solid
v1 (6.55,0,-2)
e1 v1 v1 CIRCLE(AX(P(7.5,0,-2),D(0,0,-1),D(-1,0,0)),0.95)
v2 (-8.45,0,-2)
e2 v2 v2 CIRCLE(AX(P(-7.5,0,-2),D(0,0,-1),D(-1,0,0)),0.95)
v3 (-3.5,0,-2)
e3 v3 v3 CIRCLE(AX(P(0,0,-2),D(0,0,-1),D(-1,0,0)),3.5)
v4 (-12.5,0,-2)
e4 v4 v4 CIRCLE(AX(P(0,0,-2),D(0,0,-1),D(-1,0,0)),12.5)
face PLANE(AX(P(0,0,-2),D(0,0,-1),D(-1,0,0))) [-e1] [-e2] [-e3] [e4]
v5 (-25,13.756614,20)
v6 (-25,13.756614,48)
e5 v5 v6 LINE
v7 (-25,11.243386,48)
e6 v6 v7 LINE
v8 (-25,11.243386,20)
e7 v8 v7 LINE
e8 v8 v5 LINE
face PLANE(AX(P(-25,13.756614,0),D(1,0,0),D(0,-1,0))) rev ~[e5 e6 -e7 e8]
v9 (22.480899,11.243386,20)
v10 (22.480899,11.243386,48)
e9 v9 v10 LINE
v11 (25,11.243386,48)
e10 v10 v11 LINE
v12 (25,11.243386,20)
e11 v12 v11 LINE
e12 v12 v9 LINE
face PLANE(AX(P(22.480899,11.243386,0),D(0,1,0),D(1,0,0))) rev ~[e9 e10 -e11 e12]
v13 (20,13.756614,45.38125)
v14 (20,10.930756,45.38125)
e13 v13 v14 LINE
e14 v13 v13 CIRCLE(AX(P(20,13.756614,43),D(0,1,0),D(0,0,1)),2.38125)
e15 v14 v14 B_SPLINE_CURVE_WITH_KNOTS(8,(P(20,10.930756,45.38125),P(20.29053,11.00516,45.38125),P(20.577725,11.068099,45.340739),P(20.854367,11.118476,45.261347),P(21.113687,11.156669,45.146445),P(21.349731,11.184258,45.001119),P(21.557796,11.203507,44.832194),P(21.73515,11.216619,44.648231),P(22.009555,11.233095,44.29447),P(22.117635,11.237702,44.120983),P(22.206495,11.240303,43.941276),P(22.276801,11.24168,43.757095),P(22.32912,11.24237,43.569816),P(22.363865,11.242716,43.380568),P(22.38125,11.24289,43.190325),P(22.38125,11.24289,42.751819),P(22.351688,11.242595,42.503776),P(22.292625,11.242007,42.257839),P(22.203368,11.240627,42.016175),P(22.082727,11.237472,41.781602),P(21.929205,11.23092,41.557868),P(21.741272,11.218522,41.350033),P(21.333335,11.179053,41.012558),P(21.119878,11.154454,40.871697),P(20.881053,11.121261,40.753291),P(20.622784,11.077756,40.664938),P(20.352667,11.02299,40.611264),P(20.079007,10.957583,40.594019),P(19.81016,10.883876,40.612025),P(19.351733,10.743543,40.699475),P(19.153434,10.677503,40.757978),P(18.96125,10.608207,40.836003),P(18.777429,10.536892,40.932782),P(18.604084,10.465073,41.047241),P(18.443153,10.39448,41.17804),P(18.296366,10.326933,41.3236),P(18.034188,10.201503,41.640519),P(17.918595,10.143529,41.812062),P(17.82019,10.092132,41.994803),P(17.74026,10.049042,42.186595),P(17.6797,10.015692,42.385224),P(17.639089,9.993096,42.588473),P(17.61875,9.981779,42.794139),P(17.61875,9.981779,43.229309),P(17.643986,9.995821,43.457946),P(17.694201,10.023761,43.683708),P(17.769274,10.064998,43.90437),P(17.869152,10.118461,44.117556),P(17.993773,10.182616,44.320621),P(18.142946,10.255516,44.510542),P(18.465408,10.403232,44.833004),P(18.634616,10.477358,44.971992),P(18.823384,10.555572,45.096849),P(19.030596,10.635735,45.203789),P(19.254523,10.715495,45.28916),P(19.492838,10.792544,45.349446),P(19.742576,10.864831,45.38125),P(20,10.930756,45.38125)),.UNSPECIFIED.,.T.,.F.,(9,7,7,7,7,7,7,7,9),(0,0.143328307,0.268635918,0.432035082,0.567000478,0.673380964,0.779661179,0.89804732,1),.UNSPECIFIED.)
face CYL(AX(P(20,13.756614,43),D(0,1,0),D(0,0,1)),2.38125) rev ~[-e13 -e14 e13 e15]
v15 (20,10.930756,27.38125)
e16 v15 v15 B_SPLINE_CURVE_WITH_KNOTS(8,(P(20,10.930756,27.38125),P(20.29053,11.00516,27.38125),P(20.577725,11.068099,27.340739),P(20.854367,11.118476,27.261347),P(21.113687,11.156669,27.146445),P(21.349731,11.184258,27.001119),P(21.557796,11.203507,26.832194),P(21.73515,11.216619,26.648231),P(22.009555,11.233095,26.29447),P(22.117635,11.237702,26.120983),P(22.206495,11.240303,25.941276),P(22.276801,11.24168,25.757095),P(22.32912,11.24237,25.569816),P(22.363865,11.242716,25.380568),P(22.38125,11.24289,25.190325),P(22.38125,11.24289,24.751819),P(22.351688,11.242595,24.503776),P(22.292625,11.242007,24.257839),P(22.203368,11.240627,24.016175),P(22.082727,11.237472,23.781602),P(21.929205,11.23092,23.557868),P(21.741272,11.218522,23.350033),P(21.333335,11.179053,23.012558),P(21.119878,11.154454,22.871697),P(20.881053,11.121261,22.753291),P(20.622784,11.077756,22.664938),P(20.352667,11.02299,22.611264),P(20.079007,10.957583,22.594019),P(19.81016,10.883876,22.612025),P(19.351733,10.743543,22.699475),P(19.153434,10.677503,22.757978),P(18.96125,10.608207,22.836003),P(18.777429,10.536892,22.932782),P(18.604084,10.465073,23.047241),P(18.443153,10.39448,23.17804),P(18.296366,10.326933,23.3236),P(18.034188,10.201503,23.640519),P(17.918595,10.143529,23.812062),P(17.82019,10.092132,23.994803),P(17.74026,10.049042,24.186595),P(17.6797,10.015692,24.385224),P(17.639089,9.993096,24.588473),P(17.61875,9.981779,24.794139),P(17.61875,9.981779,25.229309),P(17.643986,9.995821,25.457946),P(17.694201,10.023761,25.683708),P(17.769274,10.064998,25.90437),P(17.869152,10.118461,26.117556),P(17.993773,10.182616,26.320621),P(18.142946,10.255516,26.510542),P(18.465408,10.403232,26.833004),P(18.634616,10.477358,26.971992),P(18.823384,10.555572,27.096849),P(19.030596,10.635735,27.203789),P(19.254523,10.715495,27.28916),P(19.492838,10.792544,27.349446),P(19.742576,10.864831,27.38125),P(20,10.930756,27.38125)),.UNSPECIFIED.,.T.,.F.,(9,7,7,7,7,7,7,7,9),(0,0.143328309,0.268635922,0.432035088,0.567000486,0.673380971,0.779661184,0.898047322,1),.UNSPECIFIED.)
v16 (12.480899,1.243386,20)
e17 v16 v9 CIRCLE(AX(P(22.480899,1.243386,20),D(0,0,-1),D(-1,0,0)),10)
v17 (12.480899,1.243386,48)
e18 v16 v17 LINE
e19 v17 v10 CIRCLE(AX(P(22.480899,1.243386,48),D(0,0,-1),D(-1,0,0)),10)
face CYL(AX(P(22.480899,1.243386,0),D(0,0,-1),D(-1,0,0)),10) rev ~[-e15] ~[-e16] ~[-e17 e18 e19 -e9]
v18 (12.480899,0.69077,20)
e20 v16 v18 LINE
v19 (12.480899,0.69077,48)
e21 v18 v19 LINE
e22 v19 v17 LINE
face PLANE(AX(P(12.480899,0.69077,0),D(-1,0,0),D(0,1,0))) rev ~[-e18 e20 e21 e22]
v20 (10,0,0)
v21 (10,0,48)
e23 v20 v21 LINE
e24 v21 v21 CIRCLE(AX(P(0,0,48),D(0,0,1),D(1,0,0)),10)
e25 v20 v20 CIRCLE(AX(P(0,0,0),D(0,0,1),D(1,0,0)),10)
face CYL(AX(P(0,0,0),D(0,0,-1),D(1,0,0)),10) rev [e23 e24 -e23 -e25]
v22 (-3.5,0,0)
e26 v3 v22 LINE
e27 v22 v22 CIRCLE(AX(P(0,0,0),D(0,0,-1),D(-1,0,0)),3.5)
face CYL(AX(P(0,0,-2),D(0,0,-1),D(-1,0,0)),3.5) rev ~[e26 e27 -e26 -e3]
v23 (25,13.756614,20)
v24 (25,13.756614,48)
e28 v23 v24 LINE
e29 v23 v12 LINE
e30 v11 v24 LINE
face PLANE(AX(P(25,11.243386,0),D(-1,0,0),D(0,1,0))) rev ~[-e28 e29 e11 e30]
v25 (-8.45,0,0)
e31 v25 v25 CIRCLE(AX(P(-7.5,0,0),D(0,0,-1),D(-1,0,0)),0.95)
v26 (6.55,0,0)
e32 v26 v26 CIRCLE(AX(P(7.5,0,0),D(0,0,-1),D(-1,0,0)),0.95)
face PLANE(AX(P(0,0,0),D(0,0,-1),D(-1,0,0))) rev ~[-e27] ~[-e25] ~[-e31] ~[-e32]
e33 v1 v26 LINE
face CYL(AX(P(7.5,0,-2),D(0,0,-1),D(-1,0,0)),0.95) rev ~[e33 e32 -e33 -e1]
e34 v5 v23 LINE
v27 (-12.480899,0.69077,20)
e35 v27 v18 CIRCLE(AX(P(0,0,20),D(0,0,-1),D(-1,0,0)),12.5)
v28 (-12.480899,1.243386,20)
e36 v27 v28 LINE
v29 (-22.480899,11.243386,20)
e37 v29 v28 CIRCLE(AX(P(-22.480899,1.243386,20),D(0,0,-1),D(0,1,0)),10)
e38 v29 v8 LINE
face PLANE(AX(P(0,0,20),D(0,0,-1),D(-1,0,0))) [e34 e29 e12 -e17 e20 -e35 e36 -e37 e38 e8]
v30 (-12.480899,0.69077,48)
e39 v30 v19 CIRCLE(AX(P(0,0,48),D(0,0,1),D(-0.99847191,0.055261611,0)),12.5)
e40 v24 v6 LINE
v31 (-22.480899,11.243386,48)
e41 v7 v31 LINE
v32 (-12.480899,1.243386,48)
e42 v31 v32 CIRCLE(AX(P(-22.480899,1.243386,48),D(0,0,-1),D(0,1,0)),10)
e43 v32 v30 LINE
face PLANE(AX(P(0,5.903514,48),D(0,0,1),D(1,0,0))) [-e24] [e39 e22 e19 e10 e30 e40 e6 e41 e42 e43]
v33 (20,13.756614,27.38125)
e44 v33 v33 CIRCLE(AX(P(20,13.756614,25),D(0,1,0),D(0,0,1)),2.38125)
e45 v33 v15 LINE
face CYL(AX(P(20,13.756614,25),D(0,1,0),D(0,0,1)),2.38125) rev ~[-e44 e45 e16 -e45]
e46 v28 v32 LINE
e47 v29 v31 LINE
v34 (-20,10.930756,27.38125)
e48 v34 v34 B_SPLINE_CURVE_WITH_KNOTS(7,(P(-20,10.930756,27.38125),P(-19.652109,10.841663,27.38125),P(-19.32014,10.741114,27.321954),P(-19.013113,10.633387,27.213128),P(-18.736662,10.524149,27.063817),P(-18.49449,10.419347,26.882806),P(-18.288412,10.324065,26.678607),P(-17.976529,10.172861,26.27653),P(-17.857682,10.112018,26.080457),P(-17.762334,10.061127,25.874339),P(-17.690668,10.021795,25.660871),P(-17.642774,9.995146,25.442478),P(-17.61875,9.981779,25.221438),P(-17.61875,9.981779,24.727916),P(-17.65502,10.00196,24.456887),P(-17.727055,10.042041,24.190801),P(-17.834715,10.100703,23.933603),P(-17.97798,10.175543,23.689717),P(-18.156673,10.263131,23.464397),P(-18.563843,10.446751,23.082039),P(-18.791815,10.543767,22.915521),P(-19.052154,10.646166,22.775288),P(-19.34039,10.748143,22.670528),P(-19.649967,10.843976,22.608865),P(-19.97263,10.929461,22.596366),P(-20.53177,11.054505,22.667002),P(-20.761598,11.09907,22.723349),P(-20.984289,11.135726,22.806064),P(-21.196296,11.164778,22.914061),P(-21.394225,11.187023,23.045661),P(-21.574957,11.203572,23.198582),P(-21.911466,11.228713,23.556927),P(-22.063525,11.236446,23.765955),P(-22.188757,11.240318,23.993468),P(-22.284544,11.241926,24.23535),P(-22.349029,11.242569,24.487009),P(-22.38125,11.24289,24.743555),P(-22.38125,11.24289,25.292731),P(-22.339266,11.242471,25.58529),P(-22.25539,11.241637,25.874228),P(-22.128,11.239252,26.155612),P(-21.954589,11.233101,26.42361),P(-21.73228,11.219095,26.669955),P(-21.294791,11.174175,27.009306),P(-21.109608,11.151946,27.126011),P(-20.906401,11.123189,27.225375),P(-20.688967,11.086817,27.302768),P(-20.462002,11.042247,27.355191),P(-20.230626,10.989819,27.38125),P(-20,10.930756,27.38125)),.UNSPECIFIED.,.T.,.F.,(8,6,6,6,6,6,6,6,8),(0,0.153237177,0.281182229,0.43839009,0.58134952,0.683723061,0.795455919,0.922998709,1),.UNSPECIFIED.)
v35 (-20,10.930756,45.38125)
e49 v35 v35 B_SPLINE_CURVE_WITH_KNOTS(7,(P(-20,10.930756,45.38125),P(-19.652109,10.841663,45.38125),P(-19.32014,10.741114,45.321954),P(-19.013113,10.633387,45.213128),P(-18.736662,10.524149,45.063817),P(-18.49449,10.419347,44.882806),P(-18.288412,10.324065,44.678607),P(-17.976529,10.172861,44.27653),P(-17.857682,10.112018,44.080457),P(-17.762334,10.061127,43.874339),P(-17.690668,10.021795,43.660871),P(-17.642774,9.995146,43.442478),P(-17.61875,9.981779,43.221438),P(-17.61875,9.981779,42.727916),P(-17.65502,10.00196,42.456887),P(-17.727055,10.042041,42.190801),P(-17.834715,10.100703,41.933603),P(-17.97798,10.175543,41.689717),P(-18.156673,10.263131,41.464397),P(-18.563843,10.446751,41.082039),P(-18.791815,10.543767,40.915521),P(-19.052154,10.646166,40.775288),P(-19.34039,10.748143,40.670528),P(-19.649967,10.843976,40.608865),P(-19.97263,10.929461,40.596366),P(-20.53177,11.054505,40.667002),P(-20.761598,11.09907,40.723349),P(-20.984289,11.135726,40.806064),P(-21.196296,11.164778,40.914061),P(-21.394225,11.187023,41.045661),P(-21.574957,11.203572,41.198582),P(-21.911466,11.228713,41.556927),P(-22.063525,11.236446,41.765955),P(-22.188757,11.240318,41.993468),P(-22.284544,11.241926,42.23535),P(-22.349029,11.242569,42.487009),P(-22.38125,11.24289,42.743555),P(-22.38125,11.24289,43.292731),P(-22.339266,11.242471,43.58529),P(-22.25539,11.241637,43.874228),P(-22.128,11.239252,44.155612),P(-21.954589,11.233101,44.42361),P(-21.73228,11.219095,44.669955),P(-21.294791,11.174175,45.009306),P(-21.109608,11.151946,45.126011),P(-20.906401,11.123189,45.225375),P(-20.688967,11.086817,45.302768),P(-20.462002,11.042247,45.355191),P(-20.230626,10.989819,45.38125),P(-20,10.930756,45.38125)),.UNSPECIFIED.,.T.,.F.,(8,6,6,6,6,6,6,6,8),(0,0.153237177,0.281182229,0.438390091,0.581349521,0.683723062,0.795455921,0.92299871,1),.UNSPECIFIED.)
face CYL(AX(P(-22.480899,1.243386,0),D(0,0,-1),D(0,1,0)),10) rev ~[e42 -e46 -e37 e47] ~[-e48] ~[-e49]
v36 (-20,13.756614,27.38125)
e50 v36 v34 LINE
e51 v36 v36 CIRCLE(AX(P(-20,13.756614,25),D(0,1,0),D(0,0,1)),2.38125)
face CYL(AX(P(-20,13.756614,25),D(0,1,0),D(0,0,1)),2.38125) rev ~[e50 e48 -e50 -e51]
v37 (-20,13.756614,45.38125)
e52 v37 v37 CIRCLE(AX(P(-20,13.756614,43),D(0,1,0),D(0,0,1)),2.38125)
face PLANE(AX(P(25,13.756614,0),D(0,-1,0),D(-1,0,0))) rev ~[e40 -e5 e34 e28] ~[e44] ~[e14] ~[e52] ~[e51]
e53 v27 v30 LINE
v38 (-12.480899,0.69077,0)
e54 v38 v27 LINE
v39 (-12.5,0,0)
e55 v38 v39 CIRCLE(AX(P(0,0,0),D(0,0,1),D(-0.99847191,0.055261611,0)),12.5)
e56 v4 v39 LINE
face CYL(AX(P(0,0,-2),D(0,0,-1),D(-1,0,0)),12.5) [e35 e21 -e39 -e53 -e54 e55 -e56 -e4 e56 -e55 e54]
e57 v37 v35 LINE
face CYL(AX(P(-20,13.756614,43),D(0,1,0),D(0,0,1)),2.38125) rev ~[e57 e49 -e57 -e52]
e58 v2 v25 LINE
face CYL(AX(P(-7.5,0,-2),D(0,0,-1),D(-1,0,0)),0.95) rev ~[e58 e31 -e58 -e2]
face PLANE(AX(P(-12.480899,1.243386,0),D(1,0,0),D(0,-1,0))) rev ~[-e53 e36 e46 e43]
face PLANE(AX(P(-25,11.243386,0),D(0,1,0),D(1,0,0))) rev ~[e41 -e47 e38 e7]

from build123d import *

# Parameters (mm, degrees)
SKETCH1_R           = 10
BOSS_EXTRUDE1_DEPTH = 48
BOSS_EXTRUDE3_START = 2
SKETCH3_R           = 12.5
SKETCH3_R_2         = 3.5
SKETCH3_R_3         = 0.95
BOSS_EXTRUDE3_DEPTH = 2
SKETCH4_R           = 2.38125
CUT_EXTRUDE1_DEPTH  = 61.153219082
SKETCH6_W           = 58.309477214
SKETCH6_H           = 41.572471276
SKETCH6_R           = 12.5
CUT_EXTRUDE4_DEPTH  = 22


with BuildPart() as part:
    # Sketch1 → Boss-Extrude1 (new body)
    with BuildSketch(Plane.XY):
        with BuildLine():
            Line((-25, 13.756613757), (-25, 11.243386243))
            Line((-25, 11.243386243), (-22.480898871, 11.243386243))
            ThreePointArc((-22.480898871, 11.243386243), (-15.409831059, 8.314454055), (-12.480898871, 1.243386243))
            Line((-12.480898871, 1.243386243), (-12.480898871, 0.690770135))
            ThreePointArc((-12.480898871, 0.690770135), (0, -12.5), (12.480898871, 0.690770135))
            Line((12.480898871, 0.690770135), (12.480898871, 1.243386243))
            ThreePointArc((12.480898871, 1.243386243), (15.409831059, 8.314454055), (22.480898871, 11.243386243))
            Line((22.480898871, 11.243386243), (25, 11.243386243))
            Line((25, 11.243386243), (25, 13.756613757))
            Line((25, 13.756613757), (-25, 13.756613757))
        make_face()
        Circle(SKETCH1_R, mode=Mode.SUBTRACT)
    extrude(amount=BOSS_EXTRUDE1_DEPTH)

    # Sketch3 → Boss-Extrude3 (add)
    with BuildSketch(Plane(origin=(0, 0, 0), x_dir=(-1, 0, 0), z_dir=(0, 0, -1)).offset(BOSS_EXTRUDE3_START)):
        Circle(SKETCH3_R)
        Circle(SKETCH3_R_2, mode=Mode.SUBTRACT)
        with Locations((7.5, 0)):
            Circle(SKETCH3_R_3, mode=Mode.SUBTRACT)
        with Locations((-7.5, 0)):
            Circle(SKETCH3_R_3, mode=Mode.SUBTRACT)
    extrude(amount=-BOSS_EXTRUDE3_DEPTH)

    # Sketch4 → Cut-Extrude1 (cut, through all)
    with BuildSketch(Plane(origin=(0, 13.756613757, 0), x_dir=(1, 0, 0), z_dir=(0, 1, 0))):
        with Locations(Location((-20, -25, 0), (0, 0, 270))):
            Circle(SKETCH4_R)
        with Locations(Location((20, -25, 0), (0, 0, 270))):
            Circle(SKETCH4_R)
        with Locations(Location((20, -43, 0), (0, 0, 270))):
            Circle(SKETCH4_R)
        with Locations(Location((-20, -43, 0), (0, 0, 270))):
            Circle(SKETCH4_R)
    extrude(amount=-CUT_EXTRUDE1_DEPTH, mode=Mode.SUBTRACT)

    # Sketch6 → Cut-Extrude4 (cut)
    with BuildSketch(Plane(origin=(0, 0, -2), x_dir=(-1, 0, 0), z_dir=(0, 0, -1))):
        Rectangle(SKETCH6_W, SKETCH6_H)
        Circle(SKETCH6_R, mode=Mode.SUBTRACT)
    extrude(amount=-CUT_EXTRUDE4_DEPTH, mode=Mode.SUBTRACT)


solid = part.part
